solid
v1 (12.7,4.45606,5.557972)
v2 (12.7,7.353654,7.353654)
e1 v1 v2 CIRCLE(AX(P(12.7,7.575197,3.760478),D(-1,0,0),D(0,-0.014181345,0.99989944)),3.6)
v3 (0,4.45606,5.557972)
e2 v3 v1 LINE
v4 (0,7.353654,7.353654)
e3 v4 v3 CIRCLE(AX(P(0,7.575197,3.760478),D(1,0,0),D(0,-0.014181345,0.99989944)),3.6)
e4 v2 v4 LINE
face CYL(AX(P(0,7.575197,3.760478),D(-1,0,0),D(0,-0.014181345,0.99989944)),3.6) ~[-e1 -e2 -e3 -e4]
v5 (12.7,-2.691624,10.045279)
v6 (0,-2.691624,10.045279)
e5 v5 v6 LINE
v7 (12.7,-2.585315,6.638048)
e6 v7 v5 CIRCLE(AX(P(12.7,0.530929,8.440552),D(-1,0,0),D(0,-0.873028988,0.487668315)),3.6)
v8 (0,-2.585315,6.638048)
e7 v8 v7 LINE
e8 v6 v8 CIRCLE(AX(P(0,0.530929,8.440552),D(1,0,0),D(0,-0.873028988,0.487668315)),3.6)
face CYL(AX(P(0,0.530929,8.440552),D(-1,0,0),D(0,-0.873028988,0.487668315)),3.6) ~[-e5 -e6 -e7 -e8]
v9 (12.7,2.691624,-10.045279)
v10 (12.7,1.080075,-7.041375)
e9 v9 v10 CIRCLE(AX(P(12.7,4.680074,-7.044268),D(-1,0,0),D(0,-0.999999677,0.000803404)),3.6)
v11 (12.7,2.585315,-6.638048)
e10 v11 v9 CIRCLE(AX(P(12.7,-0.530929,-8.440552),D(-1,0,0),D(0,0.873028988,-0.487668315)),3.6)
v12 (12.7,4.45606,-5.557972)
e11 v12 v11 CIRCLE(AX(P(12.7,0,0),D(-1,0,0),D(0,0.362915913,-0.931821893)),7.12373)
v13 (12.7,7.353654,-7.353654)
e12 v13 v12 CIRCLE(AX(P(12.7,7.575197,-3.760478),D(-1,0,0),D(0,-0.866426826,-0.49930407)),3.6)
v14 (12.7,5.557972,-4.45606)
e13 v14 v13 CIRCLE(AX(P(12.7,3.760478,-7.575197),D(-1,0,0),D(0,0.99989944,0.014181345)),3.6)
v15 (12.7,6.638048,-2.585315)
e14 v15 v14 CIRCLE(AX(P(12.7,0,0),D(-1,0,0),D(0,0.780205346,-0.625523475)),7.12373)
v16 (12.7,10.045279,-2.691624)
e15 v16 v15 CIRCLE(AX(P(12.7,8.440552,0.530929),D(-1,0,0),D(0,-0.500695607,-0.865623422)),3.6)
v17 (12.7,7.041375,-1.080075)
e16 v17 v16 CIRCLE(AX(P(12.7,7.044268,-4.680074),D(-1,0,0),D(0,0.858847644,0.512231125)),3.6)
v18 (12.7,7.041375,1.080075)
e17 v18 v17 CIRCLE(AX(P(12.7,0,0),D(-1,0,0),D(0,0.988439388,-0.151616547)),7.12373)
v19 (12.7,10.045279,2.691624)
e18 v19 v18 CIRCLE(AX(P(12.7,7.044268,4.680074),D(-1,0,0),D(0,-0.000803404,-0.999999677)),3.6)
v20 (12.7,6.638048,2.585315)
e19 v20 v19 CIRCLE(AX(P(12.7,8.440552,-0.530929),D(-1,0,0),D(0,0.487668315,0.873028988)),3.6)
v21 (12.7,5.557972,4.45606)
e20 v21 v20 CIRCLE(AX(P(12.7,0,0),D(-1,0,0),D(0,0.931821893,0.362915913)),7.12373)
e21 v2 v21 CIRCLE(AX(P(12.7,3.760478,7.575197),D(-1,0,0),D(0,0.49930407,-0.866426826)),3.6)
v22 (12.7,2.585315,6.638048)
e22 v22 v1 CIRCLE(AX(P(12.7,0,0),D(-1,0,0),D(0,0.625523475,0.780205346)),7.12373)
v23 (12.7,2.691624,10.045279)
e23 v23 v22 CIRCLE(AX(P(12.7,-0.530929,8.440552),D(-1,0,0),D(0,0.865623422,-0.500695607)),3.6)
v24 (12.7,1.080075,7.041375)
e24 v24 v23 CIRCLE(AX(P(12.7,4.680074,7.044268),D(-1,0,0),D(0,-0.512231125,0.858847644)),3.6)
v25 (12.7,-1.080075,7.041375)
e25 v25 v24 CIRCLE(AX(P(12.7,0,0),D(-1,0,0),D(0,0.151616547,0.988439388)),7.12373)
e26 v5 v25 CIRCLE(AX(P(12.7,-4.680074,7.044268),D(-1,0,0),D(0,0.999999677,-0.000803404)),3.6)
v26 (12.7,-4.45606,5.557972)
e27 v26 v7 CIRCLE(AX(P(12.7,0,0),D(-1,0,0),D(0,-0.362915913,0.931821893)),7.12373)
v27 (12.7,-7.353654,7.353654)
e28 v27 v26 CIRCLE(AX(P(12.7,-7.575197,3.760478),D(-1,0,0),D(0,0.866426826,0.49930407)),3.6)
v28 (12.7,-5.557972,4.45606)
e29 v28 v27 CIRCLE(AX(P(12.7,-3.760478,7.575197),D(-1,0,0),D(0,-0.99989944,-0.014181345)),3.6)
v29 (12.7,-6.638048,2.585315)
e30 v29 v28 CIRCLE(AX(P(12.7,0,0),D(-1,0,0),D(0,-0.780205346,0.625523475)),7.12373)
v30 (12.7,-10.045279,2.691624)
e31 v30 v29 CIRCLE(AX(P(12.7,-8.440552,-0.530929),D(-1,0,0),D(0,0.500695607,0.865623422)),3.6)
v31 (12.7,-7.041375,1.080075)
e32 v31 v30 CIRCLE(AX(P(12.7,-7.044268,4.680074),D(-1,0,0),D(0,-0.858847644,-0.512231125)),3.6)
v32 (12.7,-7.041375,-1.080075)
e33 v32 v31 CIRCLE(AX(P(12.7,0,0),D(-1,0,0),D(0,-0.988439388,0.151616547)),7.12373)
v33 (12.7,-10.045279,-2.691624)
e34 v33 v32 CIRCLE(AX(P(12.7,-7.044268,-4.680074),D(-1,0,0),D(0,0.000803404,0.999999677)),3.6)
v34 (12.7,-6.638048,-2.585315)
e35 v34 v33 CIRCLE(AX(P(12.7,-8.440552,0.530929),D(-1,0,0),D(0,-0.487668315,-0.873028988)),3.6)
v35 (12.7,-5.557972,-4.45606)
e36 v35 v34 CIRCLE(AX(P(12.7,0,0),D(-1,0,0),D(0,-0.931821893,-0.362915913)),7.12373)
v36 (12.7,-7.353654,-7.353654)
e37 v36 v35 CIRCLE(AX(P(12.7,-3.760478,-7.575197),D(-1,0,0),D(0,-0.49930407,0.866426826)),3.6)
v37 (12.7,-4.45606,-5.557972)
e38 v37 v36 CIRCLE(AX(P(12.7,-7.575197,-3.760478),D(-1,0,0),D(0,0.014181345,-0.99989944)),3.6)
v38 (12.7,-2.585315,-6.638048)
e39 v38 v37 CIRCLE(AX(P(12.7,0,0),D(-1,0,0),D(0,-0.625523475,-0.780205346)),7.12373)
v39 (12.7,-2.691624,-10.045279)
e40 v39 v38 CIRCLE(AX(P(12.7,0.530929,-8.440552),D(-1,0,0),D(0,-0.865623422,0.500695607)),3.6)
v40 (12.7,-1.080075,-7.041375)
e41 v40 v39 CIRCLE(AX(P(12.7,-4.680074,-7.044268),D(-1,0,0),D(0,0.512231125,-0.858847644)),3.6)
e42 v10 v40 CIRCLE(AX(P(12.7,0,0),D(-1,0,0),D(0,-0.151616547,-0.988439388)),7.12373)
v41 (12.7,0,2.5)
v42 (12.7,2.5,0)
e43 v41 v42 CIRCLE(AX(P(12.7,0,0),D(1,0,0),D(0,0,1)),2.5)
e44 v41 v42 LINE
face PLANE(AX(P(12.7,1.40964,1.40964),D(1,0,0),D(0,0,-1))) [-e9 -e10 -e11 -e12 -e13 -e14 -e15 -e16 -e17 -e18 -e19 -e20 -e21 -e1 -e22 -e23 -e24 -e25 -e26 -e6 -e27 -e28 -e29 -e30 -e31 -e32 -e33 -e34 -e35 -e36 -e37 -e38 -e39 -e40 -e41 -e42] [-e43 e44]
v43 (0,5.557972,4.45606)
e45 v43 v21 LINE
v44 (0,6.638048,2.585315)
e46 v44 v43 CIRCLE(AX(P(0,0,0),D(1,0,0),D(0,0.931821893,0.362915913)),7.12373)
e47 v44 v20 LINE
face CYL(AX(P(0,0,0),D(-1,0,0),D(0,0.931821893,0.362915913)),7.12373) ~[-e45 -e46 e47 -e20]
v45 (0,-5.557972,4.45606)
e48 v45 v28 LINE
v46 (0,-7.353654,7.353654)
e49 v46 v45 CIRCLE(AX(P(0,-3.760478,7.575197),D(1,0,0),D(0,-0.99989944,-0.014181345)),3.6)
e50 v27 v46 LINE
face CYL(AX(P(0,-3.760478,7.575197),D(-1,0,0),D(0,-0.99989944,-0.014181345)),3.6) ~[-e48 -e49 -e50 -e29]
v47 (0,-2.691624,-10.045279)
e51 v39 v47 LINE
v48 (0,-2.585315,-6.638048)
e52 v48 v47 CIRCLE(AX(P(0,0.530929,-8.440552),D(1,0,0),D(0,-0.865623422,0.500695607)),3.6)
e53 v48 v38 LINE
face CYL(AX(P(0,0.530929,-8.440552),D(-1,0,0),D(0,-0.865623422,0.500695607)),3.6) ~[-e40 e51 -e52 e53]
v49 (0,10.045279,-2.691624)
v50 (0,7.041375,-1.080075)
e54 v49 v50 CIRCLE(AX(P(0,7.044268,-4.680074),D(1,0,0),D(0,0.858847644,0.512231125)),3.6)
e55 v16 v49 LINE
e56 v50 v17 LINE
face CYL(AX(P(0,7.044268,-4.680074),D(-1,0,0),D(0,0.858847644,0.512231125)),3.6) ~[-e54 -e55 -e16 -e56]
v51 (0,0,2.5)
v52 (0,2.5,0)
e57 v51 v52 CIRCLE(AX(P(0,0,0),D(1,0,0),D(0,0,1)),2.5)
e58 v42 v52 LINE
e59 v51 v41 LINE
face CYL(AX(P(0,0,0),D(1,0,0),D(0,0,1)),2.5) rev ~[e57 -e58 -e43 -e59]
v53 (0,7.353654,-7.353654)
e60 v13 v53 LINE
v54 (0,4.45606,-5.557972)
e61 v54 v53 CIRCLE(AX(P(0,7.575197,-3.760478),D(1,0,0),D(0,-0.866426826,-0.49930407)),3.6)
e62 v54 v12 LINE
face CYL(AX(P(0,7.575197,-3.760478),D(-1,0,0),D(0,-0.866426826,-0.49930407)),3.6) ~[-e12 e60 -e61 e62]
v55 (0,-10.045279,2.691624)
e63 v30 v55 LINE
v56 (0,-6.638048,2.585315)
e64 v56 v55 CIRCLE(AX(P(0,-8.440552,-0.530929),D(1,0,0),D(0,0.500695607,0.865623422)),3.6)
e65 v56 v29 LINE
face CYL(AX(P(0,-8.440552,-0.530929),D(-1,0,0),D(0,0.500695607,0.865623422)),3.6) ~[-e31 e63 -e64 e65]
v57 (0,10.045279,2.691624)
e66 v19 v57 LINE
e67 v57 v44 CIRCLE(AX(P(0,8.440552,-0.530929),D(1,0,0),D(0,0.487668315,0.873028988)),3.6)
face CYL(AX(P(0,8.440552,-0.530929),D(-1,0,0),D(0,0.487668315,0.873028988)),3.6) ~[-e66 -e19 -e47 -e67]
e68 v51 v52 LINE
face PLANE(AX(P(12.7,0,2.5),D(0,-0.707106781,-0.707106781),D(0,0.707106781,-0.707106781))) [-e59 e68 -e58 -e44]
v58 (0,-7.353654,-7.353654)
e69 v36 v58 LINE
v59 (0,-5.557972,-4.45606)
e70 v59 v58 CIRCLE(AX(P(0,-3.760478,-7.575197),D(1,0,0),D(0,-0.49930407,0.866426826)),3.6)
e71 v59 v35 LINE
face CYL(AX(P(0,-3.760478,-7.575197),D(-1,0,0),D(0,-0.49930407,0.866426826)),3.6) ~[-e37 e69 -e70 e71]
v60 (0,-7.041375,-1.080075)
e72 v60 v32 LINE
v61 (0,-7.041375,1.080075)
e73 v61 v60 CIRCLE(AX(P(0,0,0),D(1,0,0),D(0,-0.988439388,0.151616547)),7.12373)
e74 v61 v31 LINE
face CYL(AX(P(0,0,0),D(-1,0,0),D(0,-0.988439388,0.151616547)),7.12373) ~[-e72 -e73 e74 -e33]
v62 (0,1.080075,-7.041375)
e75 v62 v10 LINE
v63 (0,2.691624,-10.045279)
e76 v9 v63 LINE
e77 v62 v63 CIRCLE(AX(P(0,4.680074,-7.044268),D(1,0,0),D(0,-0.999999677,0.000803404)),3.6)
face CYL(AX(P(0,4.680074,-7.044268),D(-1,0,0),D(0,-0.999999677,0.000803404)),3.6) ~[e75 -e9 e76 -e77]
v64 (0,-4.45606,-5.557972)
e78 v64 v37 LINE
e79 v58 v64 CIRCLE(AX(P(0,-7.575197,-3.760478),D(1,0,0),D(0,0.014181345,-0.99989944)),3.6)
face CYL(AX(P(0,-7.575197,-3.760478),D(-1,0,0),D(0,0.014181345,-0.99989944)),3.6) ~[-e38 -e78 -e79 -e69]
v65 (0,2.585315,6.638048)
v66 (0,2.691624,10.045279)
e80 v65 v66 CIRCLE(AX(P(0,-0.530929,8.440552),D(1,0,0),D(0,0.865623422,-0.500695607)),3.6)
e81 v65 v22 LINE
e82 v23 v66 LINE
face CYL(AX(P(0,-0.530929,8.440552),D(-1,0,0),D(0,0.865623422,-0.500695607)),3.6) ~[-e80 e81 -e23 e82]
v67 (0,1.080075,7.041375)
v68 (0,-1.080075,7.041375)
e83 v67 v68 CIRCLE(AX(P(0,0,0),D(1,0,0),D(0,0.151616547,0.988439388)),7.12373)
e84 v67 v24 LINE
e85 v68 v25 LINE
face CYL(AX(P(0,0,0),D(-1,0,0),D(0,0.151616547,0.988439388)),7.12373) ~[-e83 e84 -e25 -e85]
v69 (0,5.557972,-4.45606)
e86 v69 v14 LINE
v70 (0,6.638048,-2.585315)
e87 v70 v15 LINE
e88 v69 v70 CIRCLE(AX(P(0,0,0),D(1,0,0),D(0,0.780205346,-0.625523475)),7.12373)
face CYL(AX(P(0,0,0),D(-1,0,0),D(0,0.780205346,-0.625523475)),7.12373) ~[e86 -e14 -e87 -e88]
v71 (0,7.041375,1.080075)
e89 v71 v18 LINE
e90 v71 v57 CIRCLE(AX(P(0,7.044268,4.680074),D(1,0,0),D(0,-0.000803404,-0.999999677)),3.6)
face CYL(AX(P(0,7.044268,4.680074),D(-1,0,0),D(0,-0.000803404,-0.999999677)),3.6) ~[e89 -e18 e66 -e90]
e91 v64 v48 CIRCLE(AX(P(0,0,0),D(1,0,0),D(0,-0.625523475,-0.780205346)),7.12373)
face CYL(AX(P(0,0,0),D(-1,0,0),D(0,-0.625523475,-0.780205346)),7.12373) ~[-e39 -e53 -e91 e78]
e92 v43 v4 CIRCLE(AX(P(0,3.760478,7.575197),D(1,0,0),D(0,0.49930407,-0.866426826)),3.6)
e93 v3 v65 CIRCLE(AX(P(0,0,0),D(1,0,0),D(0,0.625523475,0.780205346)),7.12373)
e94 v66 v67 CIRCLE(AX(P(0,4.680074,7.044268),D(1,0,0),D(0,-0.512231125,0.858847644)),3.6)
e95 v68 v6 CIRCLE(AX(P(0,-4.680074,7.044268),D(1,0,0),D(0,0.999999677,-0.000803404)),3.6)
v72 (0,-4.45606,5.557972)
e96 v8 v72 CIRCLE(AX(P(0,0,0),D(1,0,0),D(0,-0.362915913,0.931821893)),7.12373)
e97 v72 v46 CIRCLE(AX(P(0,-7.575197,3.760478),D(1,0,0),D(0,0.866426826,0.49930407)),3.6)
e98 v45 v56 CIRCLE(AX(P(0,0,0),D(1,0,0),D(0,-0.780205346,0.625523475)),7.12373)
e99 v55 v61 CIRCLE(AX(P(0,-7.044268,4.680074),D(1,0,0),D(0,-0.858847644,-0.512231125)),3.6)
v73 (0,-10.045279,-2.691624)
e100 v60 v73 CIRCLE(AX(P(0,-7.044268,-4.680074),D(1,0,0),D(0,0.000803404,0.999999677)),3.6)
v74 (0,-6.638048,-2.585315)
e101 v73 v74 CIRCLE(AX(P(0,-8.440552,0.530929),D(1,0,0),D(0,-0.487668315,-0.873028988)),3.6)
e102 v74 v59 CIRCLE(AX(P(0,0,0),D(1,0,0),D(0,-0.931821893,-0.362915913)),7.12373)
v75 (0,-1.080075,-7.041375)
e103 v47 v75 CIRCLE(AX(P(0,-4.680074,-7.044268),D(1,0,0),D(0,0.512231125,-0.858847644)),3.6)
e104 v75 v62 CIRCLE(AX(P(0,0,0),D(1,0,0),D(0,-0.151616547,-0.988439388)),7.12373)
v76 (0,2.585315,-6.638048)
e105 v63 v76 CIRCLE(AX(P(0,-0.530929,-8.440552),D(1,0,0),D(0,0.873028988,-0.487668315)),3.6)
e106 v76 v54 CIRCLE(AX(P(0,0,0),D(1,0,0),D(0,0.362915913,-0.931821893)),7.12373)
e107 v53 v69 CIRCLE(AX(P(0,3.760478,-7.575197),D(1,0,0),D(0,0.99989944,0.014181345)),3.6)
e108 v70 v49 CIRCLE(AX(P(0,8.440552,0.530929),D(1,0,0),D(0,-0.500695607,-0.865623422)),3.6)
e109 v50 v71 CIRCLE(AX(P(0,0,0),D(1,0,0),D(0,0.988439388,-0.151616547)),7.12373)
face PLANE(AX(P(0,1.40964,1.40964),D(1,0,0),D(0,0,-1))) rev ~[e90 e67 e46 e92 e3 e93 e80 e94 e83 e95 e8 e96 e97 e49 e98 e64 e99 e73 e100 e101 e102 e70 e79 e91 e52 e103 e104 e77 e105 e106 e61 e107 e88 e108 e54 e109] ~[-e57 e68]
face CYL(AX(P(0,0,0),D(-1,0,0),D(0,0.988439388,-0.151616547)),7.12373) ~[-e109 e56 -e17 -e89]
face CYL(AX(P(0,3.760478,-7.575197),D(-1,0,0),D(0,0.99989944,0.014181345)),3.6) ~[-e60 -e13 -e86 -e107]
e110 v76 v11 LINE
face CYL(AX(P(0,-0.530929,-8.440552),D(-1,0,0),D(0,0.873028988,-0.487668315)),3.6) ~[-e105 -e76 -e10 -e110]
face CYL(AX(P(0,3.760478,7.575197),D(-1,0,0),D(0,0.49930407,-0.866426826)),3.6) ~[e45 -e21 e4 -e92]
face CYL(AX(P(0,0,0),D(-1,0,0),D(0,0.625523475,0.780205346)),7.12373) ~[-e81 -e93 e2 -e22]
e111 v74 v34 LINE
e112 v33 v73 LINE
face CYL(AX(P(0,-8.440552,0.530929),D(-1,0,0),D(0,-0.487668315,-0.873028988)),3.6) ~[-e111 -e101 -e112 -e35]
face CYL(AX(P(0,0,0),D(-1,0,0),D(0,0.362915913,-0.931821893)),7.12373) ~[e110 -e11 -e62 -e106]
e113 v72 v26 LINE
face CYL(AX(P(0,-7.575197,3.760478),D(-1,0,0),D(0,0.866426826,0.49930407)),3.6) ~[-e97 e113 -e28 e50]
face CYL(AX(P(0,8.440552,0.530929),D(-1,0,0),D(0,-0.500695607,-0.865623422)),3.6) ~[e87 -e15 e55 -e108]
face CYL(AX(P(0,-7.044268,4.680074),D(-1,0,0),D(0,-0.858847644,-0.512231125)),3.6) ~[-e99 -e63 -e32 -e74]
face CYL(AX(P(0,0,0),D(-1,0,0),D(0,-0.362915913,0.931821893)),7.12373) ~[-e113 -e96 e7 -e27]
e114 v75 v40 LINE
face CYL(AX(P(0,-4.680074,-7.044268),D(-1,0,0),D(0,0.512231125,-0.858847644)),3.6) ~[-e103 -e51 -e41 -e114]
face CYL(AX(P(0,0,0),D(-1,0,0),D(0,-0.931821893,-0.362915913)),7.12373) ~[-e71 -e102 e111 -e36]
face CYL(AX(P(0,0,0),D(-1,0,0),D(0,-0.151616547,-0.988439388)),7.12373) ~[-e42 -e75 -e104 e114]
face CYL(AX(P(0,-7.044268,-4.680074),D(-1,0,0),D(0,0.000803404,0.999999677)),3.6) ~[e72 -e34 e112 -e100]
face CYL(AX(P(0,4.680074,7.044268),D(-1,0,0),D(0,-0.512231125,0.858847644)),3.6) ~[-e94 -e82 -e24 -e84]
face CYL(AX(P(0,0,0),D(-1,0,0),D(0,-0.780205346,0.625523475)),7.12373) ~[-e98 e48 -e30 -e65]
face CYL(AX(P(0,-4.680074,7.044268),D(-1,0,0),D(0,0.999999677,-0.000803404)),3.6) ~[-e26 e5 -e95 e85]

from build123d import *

# Parameters (mm, degrees)
BASPROSKE_W         = 12.7
BASPROSKE_H         = 10.5
TOOTHCUT_DEPTH      = 20.53944728
TEETHCUTS_COUNT     = 12
TEETHCUTS_ANGLE     = 330
BORSKE_R            = 2.5
BORE_DEPTH          = 25.4000508
BOSS_EXTRUDE2_DEPTH = 12.7


with BuildPart() as part:
    # BasProSke → Base-Revolve (revolve)
    with BuildSketch(Plane(origin=(0, 0, 0), x_dir=(1, 0, 0), z_dir=(0, 1, 0)), mode=Mode.PRIVATE) as base_revolve_sk:
        with Locations((6.35, 5.25)):
            Rectangle(BASPROSKE_W, BASPROSKE_H)
    revolve(base_revolve_sk.sketch.rotate(Axis((-10, 0, 0), (1, 0, 0)), 180), axis=Axis((-10, 0, 0), (1, 0, 0)))

    # TooCutSke → ToothCut (cut, through all)
    with BuildSketch(Plane(origin=(0, 0, 0), x_dir=(0, 0, -1), z_dir=(1, 0, 0))):
        with BuildLine():
            ThreePointArc((1.080075342, 7.041375318), (0, 7.12373), (-1.080075342, 7.041375318))
            ThreePointArc((-1.080075342, 7.041375318), (-1.548983663, 8.820857613), (-2.836042131, 10.136119089))
            ThreePointArc((-2.836042131, 10.136119089), (0, 10.5254), (2.836042131, 10.136119089))
            ThreePointArc((2.836042131, 10.136119089), (1.548983663, 8.820857613), (1.080075342, 7.041375318))
        make_face()
    toothcut = extrude(amount=TOOTHCUT_DEPTH, mode=Mode.SUBTRACT)

    # TeethCuts: ToothCut ×12 about axis
    teethcuts_axis = Axis((-10, 0, 0), (1, 0, 0))
    for i in range(1, TEETHCUTS_COUNT):
        add(toothcut.rotate(teethcuts_axis, i * TEETHCUTS_ANGLE / (TEETHCUTS_COUNT - 1)), mode=Mode.SUBTRACT)

    # BorSke → Bore (cut, symmetric)
    with BuildSketch(Plane(origin=(0, 0, 0), x_dir=(0, 0, -1), z_dir=(1, 0, 0))):
        with Locations(Location((0, 0, 0), (0, 0, 180))):
            Circle(BORSKE_R)
    extrude(amount=BORE_DEPTH, both=True, mode=Mode.SUBTRACT)

    # Sketch2 → Boss-Extrude2 (add, through all)
    with BuildSketch(Plane(origin=(12.7, 0, 0), x_dir=(0, 0, -1), z_dir=(1, 0, 0))):
        with BuildLine():
            Line((-2.5, 0), (0, 2.5))
            ThreePointArc((0, 2.5), (-1.767766953, 1.767766953), (-2.5, 0))
        make_face()
    extrude(amount=-BOSS_EXTRUDE2_DEPTH)


solid = part.part
